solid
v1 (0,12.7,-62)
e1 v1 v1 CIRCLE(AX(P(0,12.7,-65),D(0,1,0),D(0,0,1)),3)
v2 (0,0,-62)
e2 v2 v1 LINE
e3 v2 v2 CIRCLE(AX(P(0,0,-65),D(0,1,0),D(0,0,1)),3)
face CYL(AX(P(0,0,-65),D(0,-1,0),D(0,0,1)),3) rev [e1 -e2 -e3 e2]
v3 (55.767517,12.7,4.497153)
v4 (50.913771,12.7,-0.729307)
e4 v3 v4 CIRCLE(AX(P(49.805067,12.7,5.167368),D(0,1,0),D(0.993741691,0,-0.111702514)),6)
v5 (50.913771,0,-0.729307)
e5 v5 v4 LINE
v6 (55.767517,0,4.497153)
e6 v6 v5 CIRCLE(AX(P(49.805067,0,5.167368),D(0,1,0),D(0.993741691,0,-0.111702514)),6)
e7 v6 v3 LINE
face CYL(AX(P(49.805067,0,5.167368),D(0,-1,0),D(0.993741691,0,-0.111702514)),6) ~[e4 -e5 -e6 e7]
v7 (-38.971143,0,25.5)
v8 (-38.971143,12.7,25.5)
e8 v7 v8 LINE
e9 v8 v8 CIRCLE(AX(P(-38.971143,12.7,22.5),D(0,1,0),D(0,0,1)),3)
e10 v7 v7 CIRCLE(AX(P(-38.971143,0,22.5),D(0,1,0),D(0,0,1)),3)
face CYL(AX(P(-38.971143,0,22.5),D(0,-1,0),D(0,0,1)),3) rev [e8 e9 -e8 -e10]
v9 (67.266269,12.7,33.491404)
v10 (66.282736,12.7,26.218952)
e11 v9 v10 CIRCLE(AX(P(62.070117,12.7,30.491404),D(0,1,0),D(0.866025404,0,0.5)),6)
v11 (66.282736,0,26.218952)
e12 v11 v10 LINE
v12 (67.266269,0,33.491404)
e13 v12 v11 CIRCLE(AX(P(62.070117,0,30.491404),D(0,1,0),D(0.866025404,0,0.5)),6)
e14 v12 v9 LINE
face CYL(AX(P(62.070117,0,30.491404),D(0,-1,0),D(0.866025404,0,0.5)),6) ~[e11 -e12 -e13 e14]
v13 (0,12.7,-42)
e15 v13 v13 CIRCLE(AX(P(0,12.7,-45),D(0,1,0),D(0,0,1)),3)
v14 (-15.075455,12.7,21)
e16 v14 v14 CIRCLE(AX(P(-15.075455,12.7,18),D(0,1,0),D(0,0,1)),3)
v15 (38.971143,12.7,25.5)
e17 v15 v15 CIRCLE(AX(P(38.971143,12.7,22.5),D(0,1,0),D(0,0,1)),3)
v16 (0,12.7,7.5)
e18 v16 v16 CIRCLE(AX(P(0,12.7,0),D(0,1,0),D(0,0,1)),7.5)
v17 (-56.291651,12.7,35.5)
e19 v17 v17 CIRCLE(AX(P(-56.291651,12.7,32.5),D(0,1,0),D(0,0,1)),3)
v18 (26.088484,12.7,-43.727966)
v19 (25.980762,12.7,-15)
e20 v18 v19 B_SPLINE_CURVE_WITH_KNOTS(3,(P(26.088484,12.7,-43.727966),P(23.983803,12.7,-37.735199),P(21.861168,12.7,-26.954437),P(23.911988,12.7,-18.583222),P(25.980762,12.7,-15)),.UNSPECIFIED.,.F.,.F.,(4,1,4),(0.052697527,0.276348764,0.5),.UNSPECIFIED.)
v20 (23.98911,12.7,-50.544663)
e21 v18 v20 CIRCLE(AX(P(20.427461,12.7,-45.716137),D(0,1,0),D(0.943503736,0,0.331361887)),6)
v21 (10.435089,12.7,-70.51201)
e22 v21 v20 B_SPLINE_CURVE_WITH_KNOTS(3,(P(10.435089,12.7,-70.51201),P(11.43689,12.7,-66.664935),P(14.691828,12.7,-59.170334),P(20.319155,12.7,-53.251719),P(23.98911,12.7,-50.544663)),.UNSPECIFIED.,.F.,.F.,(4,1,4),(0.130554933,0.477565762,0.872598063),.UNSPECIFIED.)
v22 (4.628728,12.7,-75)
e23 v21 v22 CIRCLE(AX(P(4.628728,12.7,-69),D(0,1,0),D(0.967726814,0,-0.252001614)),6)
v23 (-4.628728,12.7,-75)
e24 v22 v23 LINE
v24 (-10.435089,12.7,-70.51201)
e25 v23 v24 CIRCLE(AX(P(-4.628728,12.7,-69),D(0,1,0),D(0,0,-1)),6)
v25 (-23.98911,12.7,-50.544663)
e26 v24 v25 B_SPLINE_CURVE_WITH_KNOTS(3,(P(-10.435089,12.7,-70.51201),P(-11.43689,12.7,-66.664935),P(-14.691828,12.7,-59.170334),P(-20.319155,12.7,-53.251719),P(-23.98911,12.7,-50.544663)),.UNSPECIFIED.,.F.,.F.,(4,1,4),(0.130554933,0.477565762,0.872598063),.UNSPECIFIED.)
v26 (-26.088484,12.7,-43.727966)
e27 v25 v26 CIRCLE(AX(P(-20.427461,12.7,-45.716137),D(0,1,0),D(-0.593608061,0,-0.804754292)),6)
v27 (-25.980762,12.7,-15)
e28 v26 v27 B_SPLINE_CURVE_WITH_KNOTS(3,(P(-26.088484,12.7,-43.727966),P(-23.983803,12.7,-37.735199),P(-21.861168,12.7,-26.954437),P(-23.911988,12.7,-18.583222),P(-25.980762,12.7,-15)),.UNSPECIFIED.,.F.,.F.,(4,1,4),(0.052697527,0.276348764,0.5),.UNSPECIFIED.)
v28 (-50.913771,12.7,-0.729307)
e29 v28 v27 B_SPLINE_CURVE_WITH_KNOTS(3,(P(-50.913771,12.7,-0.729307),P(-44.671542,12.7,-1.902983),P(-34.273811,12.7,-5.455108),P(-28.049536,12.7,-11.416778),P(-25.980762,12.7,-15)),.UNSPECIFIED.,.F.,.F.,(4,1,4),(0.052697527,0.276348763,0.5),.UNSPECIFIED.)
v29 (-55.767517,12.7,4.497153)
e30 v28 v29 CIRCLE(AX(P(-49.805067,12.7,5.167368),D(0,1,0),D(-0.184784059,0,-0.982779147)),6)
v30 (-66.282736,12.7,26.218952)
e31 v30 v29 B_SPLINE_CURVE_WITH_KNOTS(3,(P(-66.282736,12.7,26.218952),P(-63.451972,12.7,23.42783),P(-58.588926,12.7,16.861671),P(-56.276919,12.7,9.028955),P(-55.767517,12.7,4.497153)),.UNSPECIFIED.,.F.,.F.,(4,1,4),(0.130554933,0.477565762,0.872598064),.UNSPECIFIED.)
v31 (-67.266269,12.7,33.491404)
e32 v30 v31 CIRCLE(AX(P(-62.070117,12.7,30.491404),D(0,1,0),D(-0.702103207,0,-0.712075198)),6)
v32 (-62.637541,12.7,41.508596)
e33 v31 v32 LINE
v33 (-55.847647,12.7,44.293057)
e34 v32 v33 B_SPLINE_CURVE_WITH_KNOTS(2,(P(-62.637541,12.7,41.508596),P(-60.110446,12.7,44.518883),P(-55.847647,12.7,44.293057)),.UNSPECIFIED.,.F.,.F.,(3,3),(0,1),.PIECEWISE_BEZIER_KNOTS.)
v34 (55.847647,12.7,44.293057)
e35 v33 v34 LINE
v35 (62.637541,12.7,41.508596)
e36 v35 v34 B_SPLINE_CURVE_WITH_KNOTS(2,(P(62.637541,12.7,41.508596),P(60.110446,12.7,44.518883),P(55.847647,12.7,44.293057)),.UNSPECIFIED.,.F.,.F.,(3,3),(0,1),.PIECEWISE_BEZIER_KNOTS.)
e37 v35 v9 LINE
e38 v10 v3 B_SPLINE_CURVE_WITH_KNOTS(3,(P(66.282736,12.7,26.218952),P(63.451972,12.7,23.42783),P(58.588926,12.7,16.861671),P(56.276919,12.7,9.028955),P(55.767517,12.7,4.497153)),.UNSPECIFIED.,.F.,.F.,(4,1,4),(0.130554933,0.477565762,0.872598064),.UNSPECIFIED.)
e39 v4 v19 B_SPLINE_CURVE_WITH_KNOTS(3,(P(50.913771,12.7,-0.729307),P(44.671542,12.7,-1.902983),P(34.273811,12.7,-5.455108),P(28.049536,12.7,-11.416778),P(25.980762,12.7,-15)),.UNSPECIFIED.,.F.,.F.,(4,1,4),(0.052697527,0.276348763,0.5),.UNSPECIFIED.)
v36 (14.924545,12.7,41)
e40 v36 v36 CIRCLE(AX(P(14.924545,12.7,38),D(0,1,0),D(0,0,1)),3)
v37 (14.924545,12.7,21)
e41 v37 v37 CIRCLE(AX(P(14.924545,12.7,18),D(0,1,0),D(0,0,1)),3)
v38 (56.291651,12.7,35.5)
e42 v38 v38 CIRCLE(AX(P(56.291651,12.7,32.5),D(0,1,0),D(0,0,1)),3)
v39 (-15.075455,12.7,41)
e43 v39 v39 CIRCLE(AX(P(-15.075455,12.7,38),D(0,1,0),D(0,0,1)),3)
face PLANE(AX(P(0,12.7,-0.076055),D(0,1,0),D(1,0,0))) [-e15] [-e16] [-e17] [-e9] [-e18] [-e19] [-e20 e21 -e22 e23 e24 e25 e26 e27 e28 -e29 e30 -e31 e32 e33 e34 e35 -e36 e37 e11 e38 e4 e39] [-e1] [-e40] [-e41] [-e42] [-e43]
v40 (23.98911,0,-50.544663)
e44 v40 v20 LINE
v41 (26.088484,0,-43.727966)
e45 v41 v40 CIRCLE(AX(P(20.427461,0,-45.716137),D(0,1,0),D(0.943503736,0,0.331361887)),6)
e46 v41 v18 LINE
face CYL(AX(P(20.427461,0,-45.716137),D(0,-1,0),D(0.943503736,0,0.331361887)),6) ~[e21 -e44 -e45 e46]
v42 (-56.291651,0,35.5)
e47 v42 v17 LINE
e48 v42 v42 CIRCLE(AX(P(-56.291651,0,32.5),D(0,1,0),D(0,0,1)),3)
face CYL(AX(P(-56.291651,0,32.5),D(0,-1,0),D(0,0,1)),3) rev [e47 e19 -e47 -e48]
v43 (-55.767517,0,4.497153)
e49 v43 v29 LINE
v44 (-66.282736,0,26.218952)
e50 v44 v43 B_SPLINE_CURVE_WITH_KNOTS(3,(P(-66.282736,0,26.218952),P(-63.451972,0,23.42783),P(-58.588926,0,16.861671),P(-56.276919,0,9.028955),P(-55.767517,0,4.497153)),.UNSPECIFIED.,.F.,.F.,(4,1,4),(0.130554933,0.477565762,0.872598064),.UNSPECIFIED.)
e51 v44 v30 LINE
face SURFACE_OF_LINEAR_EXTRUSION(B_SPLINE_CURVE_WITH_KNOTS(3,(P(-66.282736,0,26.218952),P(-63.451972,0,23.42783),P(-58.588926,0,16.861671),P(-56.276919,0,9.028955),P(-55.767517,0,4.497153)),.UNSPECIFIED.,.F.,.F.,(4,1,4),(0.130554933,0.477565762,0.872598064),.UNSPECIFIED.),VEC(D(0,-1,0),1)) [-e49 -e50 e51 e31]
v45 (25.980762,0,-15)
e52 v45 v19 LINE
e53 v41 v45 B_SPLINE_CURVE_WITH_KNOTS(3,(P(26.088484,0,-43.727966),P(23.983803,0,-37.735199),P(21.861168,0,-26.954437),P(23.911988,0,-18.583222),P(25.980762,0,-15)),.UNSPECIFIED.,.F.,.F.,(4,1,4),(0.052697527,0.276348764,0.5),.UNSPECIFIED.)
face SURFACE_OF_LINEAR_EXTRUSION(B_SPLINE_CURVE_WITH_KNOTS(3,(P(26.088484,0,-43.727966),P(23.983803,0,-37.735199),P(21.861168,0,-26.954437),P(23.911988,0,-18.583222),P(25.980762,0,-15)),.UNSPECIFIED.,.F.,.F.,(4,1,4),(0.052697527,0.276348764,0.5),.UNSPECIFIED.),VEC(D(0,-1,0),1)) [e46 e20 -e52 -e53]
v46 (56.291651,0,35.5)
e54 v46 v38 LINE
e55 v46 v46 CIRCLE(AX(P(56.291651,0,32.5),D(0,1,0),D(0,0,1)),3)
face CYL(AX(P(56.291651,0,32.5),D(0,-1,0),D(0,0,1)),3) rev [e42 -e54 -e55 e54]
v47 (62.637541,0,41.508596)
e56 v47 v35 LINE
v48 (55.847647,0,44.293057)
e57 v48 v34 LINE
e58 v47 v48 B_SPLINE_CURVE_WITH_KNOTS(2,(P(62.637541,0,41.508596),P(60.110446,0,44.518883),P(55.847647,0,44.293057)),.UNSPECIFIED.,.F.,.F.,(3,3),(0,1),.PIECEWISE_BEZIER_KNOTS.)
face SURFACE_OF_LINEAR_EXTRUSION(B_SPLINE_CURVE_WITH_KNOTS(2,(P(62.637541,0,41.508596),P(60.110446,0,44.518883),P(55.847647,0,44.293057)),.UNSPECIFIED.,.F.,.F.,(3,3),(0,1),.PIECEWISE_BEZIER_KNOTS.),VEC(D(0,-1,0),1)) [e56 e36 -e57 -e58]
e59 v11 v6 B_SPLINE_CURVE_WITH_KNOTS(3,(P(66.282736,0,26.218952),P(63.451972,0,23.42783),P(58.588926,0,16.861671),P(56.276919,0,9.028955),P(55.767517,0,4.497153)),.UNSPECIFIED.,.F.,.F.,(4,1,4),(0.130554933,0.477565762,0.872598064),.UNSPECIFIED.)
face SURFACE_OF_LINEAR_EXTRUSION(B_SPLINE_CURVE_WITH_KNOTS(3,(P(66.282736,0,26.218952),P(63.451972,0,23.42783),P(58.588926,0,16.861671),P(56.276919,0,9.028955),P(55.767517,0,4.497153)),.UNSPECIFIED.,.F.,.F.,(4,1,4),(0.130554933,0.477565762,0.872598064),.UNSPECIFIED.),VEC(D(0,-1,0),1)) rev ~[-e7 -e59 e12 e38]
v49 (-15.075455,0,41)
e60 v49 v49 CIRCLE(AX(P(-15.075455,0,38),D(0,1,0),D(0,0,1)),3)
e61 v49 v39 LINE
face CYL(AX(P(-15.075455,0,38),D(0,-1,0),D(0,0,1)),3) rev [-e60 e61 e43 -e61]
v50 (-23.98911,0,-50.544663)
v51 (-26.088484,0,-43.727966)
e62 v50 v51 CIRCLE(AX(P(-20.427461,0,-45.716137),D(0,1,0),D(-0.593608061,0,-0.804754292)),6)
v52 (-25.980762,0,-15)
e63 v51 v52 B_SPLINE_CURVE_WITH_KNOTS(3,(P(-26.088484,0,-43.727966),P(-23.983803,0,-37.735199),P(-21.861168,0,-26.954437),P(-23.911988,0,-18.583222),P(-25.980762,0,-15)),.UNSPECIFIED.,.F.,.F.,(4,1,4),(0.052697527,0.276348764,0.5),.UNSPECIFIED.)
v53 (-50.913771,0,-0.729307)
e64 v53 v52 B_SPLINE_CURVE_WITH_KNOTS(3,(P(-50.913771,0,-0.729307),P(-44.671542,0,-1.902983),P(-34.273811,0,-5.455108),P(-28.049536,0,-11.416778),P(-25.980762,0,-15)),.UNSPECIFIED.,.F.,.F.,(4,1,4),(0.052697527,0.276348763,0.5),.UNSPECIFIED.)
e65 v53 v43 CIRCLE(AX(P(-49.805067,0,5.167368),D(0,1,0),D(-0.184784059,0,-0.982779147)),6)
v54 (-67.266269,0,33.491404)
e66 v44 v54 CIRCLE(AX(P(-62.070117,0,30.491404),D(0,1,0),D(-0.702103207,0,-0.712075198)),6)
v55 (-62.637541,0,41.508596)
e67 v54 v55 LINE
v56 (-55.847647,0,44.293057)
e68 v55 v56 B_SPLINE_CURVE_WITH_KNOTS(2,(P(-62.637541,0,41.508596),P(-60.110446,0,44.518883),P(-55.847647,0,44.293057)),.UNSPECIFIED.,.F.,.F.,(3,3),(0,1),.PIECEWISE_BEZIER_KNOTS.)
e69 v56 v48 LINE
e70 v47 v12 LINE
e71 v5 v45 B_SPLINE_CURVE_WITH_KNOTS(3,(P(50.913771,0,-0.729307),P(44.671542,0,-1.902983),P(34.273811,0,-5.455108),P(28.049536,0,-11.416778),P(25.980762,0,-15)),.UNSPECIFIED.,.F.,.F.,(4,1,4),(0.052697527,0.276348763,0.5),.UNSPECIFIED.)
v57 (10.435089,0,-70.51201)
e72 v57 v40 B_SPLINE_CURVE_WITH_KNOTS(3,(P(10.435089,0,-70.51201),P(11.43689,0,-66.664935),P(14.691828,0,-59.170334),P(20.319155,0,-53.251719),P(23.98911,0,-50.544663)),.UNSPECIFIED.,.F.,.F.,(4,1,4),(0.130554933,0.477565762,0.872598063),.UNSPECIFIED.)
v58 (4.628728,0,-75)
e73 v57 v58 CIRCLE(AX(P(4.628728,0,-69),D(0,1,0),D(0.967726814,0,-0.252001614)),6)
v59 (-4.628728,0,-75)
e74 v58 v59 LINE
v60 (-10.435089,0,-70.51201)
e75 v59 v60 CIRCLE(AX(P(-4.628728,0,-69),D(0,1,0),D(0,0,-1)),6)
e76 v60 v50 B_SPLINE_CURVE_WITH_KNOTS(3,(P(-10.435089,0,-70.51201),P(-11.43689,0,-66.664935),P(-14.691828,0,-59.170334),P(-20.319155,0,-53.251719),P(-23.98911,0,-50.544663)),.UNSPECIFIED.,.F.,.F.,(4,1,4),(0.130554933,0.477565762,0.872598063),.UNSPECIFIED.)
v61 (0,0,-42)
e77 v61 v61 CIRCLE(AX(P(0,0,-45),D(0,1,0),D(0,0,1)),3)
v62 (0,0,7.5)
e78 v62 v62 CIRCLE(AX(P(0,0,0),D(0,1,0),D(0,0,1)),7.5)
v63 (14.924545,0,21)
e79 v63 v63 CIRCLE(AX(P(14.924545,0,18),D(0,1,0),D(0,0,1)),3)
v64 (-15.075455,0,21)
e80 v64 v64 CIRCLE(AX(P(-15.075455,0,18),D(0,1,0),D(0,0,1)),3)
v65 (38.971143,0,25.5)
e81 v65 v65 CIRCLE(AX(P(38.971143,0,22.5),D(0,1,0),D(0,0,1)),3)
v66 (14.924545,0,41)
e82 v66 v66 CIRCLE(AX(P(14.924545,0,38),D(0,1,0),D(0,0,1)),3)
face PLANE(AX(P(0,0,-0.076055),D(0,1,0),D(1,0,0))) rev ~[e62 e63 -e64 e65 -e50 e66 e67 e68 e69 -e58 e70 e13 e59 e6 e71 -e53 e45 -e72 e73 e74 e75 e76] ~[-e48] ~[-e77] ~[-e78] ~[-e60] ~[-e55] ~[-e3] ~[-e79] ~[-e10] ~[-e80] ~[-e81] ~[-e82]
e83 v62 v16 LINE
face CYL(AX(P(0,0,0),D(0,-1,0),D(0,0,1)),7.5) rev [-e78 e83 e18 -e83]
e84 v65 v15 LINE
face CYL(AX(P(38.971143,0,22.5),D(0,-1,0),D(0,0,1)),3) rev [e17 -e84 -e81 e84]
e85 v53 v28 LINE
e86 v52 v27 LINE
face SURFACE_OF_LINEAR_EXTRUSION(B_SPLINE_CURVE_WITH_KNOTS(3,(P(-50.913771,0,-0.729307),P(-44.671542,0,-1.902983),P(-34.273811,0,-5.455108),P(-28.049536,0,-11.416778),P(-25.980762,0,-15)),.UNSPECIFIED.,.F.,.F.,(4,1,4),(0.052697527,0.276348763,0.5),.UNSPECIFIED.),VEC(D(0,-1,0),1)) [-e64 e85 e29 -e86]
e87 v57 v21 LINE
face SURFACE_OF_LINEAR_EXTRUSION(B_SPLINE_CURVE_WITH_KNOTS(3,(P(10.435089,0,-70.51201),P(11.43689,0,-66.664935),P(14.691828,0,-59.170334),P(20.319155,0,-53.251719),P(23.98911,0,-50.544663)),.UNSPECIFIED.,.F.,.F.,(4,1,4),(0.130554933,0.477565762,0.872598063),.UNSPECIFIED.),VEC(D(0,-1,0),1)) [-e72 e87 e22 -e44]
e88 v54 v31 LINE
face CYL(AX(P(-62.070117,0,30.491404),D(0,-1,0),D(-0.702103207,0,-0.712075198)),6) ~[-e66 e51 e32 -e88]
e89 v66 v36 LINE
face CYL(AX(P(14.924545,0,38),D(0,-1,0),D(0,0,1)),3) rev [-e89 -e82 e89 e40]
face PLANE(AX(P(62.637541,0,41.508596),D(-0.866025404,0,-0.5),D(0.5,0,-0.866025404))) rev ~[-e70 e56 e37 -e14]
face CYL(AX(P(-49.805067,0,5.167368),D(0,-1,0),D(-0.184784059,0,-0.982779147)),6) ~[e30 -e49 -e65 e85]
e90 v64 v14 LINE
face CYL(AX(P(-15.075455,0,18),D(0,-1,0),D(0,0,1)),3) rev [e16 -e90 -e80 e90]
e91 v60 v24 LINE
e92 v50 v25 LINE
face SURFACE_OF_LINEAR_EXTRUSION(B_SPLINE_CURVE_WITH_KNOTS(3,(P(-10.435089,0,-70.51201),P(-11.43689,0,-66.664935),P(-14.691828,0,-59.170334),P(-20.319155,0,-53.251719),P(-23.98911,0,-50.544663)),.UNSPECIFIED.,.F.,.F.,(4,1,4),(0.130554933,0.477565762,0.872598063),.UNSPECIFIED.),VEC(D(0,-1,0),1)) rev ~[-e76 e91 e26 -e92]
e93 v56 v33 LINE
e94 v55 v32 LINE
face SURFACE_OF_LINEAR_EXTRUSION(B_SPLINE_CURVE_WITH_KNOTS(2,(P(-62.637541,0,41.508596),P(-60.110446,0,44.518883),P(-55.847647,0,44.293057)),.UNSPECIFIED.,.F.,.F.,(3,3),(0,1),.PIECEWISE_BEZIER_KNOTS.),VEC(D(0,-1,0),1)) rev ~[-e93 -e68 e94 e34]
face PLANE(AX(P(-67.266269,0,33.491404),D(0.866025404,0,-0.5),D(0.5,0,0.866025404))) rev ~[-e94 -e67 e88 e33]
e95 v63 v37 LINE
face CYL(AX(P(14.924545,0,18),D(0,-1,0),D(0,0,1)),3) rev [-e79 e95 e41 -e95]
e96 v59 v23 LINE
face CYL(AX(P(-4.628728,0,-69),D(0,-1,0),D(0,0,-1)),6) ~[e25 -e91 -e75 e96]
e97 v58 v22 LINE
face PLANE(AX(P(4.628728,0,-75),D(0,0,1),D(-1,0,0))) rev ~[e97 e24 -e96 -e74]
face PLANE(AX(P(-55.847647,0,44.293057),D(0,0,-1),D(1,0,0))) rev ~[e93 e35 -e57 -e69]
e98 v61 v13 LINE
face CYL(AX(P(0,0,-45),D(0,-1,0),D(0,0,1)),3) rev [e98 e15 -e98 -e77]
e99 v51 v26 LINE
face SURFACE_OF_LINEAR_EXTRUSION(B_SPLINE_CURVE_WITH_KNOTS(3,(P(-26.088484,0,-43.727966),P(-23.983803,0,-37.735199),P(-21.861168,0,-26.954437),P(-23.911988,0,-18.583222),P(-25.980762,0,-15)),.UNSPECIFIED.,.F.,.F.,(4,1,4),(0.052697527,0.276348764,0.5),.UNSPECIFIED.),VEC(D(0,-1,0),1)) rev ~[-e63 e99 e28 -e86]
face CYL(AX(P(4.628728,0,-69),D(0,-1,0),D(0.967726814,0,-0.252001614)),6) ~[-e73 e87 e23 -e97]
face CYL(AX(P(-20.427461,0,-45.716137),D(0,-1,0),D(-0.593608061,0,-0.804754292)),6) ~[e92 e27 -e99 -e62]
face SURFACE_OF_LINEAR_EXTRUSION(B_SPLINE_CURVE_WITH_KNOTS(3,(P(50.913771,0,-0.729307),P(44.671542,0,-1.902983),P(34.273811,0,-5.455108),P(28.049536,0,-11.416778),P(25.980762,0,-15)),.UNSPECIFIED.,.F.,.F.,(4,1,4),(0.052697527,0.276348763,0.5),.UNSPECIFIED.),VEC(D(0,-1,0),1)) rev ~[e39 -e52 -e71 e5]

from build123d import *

# Parameters (mm, degrees)
SKETCH1_R           = 7.5
SKETCH1_R_2         = 3
BOSS_EXTRUDE1_DEPTH = 12.7


with BuildPart() as part:
    # Sketch1 → Boss-Extrude1 (new body)
    with BuildSketch(Plane(origin=(0, 0, 0), x_dir=(1, 0, 0), z_dir=(0, 1, 0))):
        with BuildLine():
            Line((4.628728323, 75), (-4.628728323, 75))
            ThreePointArc((-4.628728323, 75), (-8.298056729, 73.747212766), (-10.435089207, 70.512009682))
            add(Edge.make_bspline(
                [(-10.435089207, 70.512009682), (-11.436889623, 66.664934619), (-14.691827535, 59.170334198), (-20.319154818, 53.251718644), (-23.989109736, 50.544662785)],
                knots=[0.130554933, 0.130554933, 0.130554933, 0.130554933, 0.477565762, 0.872598063, 0.872598063, 0.872598063, 0.872598063], degree=3))
            ThreePointArc((-23.989109736, 50.544662785), (-26.161679176, 47.482134252), (-26.088483789, 43.727965713))
            add(Edge.make_bspline(
                [(-26.088483789, 43.727965713), (-23.983802584, 37.735198712), (-21.861167747, 26.954437426), (-23.911988058, 18.58322157), (-25.980762, 15)],
                knots=[0.052697527, 0.052697527, 0.052697527, 0.052697527, 0.276348764, 0.5, 0.5, 0.5, 0.5], degree=3))
            add(Edge.make_bspline(
                [(-50.913771074, 0.729306865), (-44.671541988, 1.902983), (-34.273811388, 5.455107991), (-28.049535938, 11.416778424), (-25.980762, 15)],
                knots=[0.052697527, 0.052697527, 0.052697527, 0.052697527, 0.276348763, 0.5, 0.5, 0.5, 0.5], degree=3))
            ThreePointArc((-50.913771074, 0.729306865), (-54.201574082, -1.084388344), (-55.767516863, -4.497152931))
            add(Edge.make_bspline(
                [(-66.282736261, -26.218952497), (-63.451971733, -23.427830356), (-58.58892633, -16.861671221), (-56.276918547, -9.028955057), (-55.767516863, -4.497152931)],
                knots=[0.130554933, 0.130554933, 0.130554933, 0.130554933, 0.477565762, 0.872598064, 0.872598064, 0.872598064, 0.872598064], degree=3))
            ThreePointArc((-66.282736261, -26.218952497), (-68.015988078, -29.687278454), (-67.266269445, -33.491403685))
            Line((-67.266269445, -33.491403685), (-62.637541122, -41.508596315))
            add(Edge.make_bspline(
                [(-62.637541122, -41.508596315), (-60.110445807, -44.518882553), (-55.847647053, -44.293057185)],
                knots=[0, 0, 0, 1, 1, 1], degree=2))
            Line((-55.847647053, -44.293057185), (55.847647053, -44.293057185))
            add(Edge.make_bspline(
                [(62.637541122, -41.508596315), (60.110445807, -44.518882553), (55.847647053, -44.293057185)],
                knots=[0, 0, 0, 1, 1, 1], degree=2))
            Line((62.637541122, -41.508596315), (67.266269445, -33.491403685))
            ThreePointArc((67.266269445, -33.491403685), (68.015988078, -29.687278454), (66.282736261, -26.218952497))
            add(Edge.make_bspline(
                [(66.282736261, -26.218952497), (63.451971733, -23.427830356), (58.58892633, -16.861671221), (56.276918547, -9.028955057), (55.767516863, -4.497152931)],
                knots=[0.130554933, 0.130554933, 0.130554933, 0.130554933, 0.477565762, 0.872598064, 0.872598064, 0.872598064, 0.872598064], degree=3))
            ThreePointArc((55.767516863, -4.497152931), (54.201574082, -1.084388344), (50.913771074, 0.729306865))
            add(Edge.make_bspline(
                [(50.913771074, 0.729306865), (44.671541988, 1.902983), (34.273811388, 5.455107991), (28.049535938, 11.416778424), (25.980762, 15)],
                knots=[0.052697527, 0.052697527, 0.052697527, 0.052697527, 0.276348763, 0.5, 0.5, 0.5, 0.5], degree=3))
            add(Edge.make_bspline(
                [(26.088483789, 43.727965713), (23.983802584, 37.735198712), (21.861167747, 26.954437426), (23.911988058, 18.58322157), (25.980762, 15)],
                knots=[0.052697527, 0.052697527, 0.052697527, 0.052697527, 0.276348764, 0.5, 0.5, 0.5, 0.5], degree=3))
            ThreePointArc((26.088483789, 43.727965713), (26.161679176, 47.482134252), (23.989109736, 50.544662785))
            add(Edge.make_bspline(
                [(10.435089207, 70.512009682), (11.436889623, 66.664934619), (14.691827535, 59.170334198), (20.319154818, 53.251718644), (23.989109736, 50.544662785)],
                knots=[0.130554933, 0.130554933, 0.130554933, 0.130554933, 0.477565762, 0.872598063, 0.872598063, 0.872598063, 0.872598063], degree=3))
            ThreePointArc((10.435089207, 70.512009682), (8.298056729, 73.747212766), (4.628728323, 75))
        make_face()
        with Locations(Location((0, 0, 0), (0, 0, 270))):
            Circle(SKETCH1_R, mode=Mode.SUBTRACT)
        with Locations(Location((0, 65, 0), (0, 0, 270))):
            Circle(SKETCH1_R_2, mode=Mode.SUBTRACT)
        with Locations(Location((0, 45, 0), (0, 0, 270))):
            Circle(SKETCH1_R_2, mode=Mode.SUBTRACT)
        with Locations(Location((56.291651246, -32.5, 0), (0, 0, 270))):
            Circle(SKETCH1_R_2, mode=Mode.SUBTRACT)
        with Locations(Location((38.97114317, -22.5, 0), (0, 0, 270))):
            Circle(SKETCH1_R_2, mode=Mode.SUBTRACT)
        with Locations(Location((-56.291651246, -32.5, 0), (0, 0, 270))):
            Circle(SKETCH1_R_2, mode=Mode.SUBTRACT)
        with Locations(Location((-38.97114317, -22.5, 0), (0, 0, 270))):
            Circle(SKETCH1_R_2, mode=Mode.SUBTRACT)
        with Locations(Location((-15.075454508, -18, 0), (0, 0, 270))):
            Circle(SKETCH1_R_2, mode=Mode.SUBTRACT)
        with Locations(Location((-15.075454508, -38, 0), (0, 0, 270))):
            Circle(SKETCH1_R_2, mode=Mode.SUBTRACT)
        with Locations(Location((14.924545492, -38, 0), (0, 0, 270))):
            Circle(SKETCH1_R_2, mode=Mode.SUBTRACT)
        with Locations(Location((14.924545492, -18, 0), (0, 0, 270))):
            Circle(SKETCH1_R_2, mode=Mode.SUBTRACT)
    extrude(amount=BOSS_EXTRUDE1_DEPTH)


solid = part.part
